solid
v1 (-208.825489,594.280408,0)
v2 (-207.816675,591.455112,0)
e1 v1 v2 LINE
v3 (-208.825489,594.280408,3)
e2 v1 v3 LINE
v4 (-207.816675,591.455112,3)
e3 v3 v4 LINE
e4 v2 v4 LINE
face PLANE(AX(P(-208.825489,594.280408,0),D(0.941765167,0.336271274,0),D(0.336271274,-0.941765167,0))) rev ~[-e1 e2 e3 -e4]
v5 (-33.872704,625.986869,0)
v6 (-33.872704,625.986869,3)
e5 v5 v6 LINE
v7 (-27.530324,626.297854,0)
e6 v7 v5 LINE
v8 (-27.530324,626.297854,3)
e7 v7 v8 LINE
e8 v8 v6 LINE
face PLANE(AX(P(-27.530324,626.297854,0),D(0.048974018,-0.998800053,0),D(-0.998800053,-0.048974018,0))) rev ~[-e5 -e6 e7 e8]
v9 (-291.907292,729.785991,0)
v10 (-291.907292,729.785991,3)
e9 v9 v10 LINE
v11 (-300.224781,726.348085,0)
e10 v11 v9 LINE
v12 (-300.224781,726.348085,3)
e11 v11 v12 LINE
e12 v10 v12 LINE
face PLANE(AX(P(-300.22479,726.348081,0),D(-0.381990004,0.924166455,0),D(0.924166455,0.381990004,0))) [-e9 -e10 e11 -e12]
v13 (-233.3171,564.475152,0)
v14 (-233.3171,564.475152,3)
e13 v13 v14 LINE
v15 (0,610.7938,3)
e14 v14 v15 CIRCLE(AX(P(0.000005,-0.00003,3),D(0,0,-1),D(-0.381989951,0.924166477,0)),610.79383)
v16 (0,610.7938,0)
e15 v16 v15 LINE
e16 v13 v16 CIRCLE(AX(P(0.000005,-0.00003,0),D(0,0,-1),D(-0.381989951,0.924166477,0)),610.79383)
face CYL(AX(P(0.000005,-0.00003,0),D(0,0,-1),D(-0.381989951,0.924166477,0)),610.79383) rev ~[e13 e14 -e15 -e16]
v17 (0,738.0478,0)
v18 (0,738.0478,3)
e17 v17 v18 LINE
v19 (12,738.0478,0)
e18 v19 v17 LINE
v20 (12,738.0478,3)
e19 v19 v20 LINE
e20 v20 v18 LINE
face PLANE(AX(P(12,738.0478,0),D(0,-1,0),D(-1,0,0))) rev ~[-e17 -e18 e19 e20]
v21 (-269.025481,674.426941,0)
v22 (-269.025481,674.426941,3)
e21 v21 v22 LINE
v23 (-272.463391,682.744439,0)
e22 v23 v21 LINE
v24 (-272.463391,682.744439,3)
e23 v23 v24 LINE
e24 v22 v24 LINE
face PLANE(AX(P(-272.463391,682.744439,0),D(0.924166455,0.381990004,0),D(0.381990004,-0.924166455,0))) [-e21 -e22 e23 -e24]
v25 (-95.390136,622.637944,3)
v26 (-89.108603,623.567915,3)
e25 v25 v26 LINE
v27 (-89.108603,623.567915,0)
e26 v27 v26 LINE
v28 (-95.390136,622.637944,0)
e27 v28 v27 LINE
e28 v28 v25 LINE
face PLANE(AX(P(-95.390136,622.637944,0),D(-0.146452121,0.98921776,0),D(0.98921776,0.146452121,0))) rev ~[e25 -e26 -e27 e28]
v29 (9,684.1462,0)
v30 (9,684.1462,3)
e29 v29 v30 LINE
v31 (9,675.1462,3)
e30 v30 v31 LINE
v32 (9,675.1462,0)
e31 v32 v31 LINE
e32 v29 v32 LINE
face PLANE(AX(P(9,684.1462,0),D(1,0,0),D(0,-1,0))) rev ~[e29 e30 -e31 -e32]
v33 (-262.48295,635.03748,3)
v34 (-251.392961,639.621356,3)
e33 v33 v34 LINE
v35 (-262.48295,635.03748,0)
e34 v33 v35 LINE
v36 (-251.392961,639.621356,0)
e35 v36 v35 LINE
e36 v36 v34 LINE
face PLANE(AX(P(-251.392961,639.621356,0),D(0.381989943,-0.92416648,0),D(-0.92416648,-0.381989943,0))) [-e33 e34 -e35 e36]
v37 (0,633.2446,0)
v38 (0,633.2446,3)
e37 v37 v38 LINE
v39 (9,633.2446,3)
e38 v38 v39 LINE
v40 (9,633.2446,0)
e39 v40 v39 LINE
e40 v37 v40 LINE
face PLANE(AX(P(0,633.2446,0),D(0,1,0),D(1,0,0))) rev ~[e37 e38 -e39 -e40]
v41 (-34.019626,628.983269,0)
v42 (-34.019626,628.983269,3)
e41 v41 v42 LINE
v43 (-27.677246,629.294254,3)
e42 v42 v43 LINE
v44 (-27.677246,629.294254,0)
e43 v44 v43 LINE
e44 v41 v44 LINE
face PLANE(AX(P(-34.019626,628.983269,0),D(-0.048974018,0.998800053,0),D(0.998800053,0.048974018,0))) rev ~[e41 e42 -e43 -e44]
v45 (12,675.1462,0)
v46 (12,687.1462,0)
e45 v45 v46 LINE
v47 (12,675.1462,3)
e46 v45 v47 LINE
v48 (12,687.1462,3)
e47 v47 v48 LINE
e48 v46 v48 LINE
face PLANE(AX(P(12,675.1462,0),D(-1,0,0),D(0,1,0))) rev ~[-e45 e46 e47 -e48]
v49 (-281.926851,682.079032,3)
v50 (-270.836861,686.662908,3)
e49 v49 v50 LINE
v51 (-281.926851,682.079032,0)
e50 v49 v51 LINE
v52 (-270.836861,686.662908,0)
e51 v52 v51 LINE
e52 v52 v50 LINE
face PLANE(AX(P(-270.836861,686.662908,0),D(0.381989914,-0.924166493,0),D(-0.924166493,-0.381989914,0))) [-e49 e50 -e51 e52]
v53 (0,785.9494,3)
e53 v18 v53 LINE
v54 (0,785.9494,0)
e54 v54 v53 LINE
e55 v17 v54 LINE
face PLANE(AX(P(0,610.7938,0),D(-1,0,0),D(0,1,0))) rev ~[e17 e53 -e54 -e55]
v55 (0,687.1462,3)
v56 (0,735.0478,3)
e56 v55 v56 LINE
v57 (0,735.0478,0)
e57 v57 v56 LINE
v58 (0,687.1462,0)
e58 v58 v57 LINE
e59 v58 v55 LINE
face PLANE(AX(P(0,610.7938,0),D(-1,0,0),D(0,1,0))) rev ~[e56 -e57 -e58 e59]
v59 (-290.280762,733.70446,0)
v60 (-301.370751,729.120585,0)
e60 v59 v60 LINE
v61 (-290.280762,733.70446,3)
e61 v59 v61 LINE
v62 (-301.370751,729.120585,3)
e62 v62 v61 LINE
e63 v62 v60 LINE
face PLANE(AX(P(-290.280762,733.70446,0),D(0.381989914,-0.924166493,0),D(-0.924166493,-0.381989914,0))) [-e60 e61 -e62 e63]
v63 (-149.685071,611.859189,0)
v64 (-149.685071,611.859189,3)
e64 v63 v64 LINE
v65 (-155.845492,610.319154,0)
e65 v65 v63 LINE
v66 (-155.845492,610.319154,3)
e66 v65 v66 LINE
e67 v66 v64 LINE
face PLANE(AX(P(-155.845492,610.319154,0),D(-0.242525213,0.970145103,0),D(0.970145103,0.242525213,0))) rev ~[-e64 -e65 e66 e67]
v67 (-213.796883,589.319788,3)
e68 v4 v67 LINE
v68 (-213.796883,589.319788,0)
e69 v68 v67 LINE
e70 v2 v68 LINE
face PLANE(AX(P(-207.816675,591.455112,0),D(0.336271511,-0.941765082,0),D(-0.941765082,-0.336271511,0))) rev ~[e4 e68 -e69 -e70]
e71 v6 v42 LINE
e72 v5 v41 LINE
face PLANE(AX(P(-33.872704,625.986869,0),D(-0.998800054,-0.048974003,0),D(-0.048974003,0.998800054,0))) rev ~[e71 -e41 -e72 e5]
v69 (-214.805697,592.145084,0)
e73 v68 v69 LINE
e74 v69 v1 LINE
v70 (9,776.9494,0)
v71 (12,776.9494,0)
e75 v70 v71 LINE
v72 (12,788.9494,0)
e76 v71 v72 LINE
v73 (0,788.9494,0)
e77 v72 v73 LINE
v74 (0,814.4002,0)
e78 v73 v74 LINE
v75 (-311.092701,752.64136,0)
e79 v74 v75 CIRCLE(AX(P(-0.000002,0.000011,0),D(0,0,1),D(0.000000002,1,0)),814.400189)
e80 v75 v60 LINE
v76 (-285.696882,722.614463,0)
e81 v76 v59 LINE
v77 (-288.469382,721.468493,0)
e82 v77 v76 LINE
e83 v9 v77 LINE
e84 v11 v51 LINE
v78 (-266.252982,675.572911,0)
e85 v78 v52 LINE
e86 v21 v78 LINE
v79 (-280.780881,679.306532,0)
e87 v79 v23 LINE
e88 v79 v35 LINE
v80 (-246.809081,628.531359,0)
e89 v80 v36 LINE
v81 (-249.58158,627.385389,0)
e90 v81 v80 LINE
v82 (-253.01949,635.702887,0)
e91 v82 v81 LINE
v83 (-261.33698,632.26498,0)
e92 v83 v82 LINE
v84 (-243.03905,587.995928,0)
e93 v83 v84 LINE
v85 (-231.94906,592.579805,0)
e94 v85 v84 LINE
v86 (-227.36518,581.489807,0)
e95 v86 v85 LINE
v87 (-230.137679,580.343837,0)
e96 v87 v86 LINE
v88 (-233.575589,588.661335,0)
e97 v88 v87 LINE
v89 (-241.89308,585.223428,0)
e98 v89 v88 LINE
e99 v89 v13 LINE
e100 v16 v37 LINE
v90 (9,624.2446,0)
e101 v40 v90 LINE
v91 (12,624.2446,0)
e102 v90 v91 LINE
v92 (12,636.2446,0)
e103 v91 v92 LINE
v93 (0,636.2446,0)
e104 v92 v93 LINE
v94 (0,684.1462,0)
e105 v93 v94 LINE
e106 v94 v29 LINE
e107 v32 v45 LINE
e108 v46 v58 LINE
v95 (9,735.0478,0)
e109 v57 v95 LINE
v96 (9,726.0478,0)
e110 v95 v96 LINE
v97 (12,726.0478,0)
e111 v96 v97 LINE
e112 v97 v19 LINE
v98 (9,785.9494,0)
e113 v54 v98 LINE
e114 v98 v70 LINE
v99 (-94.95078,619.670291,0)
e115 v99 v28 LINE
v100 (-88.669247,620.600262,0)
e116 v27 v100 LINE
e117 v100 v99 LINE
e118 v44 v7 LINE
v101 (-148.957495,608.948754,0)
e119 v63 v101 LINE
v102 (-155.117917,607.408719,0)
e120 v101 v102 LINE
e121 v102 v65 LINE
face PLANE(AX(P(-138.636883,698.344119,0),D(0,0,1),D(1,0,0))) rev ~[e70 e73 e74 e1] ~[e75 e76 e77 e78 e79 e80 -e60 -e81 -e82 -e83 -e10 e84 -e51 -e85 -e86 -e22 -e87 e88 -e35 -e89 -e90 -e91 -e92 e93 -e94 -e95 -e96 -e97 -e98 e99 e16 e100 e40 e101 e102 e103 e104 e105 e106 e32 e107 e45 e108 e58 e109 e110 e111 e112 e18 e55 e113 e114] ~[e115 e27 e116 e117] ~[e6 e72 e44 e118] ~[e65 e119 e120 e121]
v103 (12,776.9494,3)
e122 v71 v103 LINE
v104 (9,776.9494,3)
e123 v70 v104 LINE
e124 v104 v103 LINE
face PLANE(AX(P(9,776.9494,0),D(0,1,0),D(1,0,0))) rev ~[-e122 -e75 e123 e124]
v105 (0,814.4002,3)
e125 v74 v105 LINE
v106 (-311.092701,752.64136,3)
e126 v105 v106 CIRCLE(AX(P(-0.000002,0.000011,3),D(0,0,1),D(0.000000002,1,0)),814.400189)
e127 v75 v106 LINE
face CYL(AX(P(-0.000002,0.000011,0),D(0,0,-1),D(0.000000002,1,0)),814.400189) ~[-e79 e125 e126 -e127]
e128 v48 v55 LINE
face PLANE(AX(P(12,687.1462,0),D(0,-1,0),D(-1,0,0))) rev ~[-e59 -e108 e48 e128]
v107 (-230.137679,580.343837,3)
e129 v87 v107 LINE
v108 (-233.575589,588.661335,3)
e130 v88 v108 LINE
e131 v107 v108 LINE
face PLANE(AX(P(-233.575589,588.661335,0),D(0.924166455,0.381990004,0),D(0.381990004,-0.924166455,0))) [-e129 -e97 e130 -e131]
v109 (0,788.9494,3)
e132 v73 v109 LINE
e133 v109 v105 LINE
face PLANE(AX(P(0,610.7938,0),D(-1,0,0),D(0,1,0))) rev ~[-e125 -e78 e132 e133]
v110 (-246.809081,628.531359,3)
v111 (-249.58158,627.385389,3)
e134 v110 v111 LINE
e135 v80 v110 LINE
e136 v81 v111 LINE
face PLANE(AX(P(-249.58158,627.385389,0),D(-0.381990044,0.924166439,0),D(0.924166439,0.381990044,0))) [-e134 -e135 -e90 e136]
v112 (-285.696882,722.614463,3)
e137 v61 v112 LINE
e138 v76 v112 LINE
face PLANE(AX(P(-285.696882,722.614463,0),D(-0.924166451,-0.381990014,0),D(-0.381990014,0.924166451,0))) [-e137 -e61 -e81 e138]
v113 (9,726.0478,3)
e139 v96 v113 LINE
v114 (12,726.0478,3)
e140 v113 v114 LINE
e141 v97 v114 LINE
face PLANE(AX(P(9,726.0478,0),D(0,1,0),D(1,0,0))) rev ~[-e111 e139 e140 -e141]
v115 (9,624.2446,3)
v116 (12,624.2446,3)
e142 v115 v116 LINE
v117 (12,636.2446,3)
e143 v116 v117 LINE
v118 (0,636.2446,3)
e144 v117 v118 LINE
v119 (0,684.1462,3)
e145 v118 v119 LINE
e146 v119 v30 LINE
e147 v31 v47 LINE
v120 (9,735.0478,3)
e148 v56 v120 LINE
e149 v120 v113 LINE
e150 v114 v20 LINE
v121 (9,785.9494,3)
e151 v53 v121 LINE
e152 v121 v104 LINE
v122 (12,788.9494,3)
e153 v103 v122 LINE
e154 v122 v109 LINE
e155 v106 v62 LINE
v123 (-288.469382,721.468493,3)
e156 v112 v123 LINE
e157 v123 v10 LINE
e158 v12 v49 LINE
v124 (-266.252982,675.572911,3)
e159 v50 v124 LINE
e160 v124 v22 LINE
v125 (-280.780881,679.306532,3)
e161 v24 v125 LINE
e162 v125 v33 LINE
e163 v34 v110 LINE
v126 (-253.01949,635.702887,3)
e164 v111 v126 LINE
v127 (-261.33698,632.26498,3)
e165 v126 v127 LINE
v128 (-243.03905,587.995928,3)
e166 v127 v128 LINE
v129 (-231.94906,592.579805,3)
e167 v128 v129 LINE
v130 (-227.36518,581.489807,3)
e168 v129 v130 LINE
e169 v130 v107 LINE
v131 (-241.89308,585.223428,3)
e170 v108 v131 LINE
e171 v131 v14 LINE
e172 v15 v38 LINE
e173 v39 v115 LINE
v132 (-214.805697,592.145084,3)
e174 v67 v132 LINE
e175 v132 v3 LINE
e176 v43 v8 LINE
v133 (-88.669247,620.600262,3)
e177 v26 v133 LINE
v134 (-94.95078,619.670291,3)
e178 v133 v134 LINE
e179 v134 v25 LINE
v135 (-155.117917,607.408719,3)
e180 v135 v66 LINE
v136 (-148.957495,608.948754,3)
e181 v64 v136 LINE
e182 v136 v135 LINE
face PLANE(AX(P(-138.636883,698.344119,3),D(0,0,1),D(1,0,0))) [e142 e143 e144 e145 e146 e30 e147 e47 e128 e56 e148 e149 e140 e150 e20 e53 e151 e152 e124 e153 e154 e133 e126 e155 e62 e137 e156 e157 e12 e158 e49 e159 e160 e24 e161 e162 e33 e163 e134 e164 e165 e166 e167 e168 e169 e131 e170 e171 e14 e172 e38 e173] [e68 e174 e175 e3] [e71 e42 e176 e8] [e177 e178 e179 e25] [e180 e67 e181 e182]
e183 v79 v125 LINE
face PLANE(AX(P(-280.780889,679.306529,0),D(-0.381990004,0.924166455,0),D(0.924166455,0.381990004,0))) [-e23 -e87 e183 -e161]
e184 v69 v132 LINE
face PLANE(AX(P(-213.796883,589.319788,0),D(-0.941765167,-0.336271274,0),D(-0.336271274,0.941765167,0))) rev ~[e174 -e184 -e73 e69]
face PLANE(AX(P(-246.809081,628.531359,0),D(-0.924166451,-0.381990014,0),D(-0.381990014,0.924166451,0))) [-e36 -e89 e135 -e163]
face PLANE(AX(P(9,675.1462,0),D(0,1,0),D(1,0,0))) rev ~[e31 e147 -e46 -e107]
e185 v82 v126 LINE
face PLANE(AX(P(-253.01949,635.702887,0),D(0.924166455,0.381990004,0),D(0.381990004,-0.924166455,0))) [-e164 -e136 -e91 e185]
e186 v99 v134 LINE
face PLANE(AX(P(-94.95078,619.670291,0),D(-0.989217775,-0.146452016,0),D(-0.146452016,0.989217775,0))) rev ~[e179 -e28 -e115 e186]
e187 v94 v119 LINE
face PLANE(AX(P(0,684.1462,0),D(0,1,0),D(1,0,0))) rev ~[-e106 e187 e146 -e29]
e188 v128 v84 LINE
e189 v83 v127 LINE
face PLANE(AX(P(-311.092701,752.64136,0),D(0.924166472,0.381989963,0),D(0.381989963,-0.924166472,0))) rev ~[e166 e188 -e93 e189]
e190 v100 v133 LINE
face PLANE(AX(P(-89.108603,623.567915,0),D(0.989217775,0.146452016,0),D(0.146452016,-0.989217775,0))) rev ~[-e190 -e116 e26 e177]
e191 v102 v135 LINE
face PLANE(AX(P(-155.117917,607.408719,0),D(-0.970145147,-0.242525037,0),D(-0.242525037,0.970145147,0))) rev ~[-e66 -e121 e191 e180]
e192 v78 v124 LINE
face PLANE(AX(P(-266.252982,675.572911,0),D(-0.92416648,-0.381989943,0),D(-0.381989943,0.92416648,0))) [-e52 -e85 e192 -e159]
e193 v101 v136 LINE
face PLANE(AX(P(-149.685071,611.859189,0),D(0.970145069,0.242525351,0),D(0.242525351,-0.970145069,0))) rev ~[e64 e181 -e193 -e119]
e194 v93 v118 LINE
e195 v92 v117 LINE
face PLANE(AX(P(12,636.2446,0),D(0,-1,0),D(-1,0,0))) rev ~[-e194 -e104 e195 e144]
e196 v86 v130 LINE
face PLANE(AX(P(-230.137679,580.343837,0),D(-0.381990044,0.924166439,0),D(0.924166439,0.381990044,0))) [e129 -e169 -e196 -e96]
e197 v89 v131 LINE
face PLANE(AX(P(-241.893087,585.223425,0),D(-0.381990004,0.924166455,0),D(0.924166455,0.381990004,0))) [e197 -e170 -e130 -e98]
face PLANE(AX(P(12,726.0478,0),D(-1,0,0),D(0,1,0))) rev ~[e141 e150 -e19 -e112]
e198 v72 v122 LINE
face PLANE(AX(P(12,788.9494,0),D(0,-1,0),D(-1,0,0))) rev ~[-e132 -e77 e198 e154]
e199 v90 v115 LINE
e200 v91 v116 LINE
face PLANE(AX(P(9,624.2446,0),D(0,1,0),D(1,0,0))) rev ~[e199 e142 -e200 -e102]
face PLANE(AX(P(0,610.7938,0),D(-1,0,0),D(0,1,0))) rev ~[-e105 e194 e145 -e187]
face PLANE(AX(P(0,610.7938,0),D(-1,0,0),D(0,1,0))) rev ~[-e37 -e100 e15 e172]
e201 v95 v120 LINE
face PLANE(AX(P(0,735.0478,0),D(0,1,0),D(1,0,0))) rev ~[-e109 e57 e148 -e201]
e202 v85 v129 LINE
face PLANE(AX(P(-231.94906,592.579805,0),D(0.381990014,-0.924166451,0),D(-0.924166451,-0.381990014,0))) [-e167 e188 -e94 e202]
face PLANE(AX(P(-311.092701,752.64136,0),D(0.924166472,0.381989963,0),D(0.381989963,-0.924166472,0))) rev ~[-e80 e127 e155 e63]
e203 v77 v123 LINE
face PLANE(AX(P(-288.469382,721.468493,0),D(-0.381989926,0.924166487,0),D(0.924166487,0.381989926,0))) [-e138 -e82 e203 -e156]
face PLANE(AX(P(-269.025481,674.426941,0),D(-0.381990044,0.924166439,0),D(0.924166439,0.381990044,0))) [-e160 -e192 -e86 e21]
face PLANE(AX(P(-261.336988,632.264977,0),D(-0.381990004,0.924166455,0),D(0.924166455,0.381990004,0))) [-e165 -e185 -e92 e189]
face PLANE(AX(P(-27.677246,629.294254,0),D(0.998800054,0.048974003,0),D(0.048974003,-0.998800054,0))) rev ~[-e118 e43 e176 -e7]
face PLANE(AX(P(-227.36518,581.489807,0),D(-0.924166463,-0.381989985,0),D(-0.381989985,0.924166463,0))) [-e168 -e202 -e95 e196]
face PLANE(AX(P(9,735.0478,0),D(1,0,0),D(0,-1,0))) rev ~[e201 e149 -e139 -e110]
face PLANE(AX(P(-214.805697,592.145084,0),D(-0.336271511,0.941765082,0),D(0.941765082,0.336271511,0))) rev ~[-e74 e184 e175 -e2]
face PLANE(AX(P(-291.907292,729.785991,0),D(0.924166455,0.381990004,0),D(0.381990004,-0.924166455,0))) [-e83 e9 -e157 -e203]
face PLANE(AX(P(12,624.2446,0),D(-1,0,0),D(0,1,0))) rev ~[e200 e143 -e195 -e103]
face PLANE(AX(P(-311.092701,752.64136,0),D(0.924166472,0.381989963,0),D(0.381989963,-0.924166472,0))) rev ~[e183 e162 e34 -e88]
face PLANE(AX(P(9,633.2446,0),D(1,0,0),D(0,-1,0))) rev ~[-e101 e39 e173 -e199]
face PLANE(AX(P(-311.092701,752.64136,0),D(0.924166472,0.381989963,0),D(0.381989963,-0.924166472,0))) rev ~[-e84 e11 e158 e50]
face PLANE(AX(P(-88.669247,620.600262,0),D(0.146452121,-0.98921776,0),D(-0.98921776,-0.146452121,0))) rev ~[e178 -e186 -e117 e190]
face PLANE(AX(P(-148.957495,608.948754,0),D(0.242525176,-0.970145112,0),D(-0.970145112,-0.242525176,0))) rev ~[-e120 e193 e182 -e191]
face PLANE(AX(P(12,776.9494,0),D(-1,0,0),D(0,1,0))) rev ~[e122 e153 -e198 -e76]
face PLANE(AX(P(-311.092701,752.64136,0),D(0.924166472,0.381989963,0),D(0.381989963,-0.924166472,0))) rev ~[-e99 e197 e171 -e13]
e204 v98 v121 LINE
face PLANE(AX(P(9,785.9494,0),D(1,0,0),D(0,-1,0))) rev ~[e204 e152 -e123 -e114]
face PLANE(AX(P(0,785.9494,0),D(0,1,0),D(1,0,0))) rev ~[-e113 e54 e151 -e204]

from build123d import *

# Parameters (mm, degrees)
F3_DEPTH = 3
F4_DEPTH = 3
F5_DEPTH = 3.001


with BuildPart() as f3:
    # F0 (on Top) → F3 (new body)
    with BuildSketch(Plane.XY):
        with BuildLine():
            ThreePointArc((-233.3171, 564.475152), (-118.935157, 599.10224), (0, 610.7938))
            Line((0, 610.7938), (0, 814.4002))
            ThreePointArc((0, 814.4002), (-158.581858, 798.811292), (-311.092701, 752.64136))
            Line((-311.092701, 752.64136), (-233.3171, 564.475152))
        make_face()
        Polygon((-214.805697, 592.145084), (-208.825489, 594.280408), (-207.816675, 591.455112), (-213.796883, 589.319788), align=None, mode=Mode.SUBTRACT)
        Polygon((-155.117917, 607.408719), (-155.845492, 610.319154), (-149.685071, 611.859189), (-148.957495, 608.948754), align=None, mode=Mode.SUBTRACT)
        Polygon((-94.95078, 619.670291), (-95.390136, 622.637944), (-89.108603, 623.567915), (-88.669247, 620.600262), align=None, mode=Mode.SUBTRACT)
        Polygon((-33.872704, 625.986869), (-34.019626, 628.983269), (-27.677246, 629.294254), (-27.530324, 626.297854), align=None, mode=Mode.SUBTRACT)
    extrude(amount=F3_DEPTH)

    # F2 (on Top) → F4 (join)
    with BuildSketch(Plane.XY):
        Polygon((9, 785.9494), (9, 776.9494), (12, 776.9494), (12, 788.9494), (0, 788.9494), (0, 785.9494), align=None)
        Polygon((9, 735.0478), (9, 726.0478), (12, 726.0478), (12, 738.0478), (0, 738.0478), (0, 735.0478), align=None)
        Polygon((12, 636.2446), (0, 636.2446), (0, 633.2446), (9, 633.2446), (9, 624.2446), (12, 624.2446), align=None)
        Polygon((9, 684.1462), (9, 675.1462), (12, 675.1462), (12, 687.1462), (0, 687.1462), (0, 684.1462), align=None)
    extrude(amount=F4_DEPTH)

    # F2 (on Top) → F5 (cut, through all)
    with BuildSketch(Plane.XY):
        Polygon((-227.36518, 581.489807), (-231.94906, 592.579805), (-243.039057, 587.995925), (-241.893087, 585.223425), (-233.575589, 588.661335), (-230.137679, 580.343837), align=None)
        Polygon((-285.696882, 722.614463), (-290.280762, 733.70446), (-301.37076, 729.120581), (-300.22479, 726.348081), (-291.907292, 729.785991), (-288.469382, 721.468493), align=None)
        Polygon((-251.392961, 639.621356), (-262.482958, 635.037477), (-261.336988, 632.264977), (-253.01949, 635.702887), (-249.58158, 627.385389), (-246.809081, 628.531359), align=None)
        Polygon((-280.780889, 679.306529), (-272.463391, 682.744439), (-269.025481, 674.426941), (-266.252982, 675.572911), (-270.836861, 686.662908), (-281.926859, 682.079029), align=None)
    extrude(amount=F5_DEPTH, mode=Mode.SUBTRACT)


solid = f3.part
